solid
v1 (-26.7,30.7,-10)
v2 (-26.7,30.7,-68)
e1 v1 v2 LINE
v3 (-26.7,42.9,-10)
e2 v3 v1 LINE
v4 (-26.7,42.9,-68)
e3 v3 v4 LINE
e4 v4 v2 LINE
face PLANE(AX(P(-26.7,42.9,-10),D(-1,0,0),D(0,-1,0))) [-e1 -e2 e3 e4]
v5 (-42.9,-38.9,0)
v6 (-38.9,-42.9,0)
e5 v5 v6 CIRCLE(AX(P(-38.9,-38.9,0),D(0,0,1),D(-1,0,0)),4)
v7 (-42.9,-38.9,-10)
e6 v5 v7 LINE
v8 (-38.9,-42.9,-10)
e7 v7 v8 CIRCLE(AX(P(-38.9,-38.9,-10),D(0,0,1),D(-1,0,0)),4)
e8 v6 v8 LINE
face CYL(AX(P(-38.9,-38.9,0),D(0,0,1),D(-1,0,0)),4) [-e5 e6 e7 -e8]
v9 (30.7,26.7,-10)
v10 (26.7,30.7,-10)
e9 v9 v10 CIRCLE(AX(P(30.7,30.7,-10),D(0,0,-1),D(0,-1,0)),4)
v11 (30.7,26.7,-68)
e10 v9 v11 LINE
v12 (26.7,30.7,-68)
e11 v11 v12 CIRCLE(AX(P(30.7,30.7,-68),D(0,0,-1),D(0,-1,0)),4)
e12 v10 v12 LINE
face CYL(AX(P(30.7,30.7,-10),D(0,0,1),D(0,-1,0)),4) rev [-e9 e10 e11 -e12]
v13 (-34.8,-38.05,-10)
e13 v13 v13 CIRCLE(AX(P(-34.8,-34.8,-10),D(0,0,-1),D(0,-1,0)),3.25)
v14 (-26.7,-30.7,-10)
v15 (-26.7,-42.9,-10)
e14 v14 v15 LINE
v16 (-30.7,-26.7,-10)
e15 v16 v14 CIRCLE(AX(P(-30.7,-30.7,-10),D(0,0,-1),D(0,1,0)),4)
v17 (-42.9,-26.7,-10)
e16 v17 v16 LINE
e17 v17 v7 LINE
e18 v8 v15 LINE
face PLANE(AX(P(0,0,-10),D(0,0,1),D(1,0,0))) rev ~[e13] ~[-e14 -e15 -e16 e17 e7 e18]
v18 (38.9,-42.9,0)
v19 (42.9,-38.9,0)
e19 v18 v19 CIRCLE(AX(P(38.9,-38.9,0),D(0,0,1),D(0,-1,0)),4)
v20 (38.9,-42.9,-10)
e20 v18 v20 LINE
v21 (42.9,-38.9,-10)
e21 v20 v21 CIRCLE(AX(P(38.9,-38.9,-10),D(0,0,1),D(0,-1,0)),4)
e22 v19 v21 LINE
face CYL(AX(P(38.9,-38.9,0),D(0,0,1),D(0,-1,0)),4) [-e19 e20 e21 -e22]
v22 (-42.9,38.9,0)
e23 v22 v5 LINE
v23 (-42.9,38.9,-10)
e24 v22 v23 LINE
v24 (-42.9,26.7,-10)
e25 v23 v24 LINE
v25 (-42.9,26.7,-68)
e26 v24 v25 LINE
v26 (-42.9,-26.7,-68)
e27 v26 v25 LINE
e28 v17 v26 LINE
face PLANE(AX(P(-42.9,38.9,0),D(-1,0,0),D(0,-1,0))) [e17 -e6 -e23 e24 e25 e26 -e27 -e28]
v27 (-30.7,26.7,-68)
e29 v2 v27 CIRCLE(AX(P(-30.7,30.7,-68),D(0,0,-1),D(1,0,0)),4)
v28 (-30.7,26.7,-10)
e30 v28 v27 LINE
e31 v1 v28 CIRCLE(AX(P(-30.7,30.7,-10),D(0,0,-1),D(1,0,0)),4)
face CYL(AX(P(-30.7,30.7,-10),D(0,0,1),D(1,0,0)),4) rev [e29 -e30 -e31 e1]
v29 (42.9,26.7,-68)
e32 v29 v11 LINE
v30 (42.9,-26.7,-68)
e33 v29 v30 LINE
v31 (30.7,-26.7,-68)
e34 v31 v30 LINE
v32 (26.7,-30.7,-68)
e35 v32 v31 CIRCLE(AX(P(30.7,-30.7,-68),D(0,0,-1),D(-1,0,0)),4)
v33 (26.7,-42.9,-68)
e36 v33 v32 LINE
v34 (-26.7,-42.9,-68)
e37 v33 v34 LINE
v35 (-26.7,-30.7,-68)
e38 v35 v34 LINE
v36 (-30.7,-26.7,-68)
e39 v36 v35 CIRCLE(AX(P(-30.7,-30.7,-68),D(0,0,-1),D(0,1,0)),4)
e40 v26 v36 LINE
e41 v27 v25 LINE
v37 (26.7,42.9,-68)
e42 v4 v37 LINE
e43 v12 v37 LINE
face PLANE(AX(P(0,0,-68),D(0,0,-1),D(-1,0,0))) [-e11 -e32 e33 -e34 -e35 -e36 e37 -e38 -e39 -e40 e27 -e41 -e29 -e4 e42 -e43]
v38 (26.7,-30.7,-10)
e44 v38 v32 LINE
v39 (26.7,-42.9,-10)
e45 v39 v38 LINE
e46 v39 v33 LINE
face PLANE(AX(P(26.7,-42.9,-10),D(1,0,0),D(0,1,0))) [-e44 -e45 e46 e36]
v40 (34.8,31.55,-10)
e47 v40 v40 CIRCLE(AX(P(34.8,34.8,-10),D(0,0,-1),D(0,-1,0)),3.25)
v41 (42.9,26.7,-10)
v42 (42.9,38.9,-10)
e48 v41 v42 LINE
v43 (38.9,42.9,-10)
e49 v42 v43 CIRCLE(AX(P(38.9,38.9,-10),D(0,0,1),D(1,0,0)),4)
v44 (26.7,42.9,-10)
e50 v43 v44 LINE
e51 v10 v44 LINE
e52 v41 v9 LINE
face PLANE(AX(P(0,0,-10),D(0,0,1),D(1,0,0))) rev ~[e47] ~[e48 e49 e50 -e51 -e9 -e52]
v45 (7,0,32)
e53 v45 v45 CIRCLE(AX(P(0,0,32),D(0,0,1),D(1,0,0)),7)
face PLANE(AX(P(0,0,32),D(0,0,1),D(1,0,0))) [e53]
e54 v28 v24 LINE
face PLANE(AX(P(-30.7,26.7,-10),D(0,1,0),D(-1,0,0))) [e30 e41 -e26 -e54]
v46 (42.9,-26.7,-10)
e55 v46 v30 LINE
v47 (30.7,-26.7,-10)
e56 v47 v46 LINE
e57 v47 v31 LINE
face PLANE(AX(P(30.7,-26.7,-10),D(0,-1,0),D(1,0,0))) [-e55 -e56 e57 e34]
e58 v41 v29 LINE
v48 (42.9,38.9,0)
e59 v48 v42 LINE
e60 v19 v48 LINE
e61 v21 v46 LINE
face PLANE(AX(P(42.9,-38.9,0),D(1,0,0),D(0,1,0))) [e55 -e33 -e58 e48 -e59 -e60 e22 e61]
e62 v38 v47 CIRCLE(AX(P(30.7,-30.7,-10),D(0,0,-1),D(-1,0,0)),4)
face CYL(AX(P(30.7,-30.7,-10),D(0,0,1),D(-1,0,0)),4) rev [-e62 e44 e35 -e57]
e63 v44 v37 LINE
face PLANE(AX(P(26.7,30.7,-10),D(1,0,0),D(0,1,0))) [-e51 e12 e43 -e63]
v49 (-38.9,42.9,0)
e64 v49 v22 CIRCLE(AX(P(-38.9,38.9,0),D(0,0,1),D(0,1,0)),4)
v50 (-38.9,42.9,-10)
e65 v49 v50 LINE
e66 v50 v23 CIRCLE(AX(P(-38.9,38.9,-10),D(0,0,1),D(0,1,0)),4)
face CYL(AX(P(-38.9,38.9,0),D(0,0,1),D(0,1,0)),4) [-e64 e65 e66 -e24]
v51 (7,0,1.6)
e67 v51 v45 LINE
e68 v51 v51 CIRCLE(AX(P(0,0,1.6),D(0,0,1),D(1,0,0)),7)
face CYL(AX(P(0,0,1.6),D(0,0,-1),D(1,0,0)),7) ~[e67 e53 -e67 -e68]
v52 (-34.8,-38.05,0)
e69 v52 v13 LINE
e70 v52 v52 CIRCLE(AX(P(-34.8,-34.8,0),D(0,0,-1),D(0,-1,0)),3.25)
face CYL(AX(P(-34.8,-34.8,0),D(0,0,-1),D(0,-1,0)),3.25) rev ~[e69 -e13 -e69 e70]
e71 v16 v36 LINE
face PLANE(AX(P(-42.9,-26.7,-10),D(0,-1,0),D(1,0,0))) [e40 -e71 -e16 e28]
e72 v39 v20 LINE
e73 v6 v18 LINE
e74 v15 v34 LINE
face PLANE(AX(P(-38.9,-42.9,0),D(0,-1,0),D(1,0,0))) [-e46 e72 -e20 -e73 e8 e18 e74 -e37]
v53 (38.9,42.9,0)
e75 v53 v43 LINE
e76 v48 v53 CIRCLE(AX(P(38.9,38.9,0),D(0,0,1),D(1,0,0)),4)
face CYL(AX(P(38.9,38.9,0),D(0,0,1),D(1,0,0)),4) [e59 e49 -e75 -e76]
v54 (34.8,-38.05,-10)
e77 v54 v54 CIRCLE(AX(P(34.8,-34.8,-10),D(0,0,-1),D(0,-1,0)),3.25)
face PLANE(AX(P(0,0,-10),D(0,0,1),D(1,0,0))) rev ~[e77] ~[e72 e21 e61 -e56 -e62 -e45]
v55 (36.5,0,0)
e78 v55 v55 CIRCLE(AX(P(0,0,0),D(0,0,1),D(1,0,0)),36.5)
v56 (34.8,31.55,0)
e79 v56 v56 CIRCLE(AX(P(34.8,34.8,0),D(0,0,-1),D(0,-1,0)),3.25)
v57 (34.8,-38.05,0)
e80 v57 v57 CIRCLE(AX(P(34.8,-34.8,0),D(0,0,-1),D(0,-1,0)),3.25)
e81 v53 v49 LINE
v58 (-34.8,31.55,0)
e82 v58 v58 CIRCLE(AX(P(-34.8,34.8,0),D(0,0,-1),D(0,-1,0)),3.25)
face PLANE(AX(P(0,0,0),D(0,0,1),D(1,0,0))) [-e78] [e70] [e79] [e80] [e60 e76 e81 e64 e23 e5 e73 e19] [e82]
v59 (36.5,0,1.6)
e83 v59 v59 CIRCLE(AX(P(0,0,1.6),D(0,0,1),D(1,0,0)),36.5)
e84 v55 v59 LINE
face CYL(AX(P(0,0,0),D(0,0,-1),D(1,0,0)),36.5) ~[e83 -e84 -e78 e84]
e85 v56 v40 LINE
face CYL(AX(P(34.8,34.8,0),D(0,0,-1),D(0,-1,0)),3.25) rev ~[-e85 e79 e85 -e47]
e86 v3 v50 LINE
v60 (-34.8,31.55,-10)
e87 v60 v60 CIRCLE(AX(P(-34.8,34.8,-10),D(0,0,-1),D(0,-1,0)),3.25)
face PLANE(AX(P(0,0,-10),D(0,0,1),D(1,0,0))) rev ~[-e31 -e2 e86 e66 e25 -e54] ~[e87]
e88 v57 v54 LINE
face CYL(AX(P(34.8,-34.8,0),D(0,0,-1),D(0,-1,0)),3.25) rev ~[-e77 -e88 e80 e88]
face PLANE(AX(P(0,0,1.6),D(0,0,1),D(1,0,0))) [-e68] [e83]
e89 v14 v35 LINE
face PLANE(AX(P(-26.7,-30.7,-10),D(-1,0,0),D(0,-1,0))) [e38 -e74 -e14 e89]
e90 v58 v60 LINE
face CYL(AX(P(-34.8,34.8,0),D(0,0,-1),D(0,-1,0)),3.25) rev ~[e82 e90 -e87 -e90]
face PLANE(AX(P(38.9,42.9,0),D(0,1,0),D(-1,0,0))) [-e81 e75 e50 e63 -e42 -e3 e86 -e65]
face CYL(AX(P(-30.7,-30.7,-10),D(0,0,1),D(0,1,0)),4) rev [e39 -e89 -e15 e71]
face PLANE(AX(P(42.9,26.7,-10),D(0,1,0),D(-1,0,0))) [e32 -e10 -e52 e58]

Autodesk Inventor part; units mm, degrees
ref_plane "YZ Plane" through (0, 0, 0) normal (1, 0, 0) x (0, 1, 0)
ref_plane "XZ Plane" through (0, 0, 0) normal (0, 1, 0) x (-1, 0, 0)
ref_plane "XY Plane" through (0, 0, 0) normal (0, 0, 1) x (1, 0, 0)
sketch "Skizze1" plane through (0, 0, 0) normal (0, 0, 1) x (1, 0, 0)
  line L0 (-38.9, -42.9) -> (38.9, -42.9)
  line L1 (42.9, -38.9) -> (42.9, 38.9)
  line L2 (38.9, 42.9) -> (-38.9, 42.9)
  line L3 (-42.9, 38.9) -> (-42.9, -38.9)
  line L4 (-42.9, -42.9) -> (42.9, 42.9) construction
  line L5 (42.9, -42.9) -> (-42.9, 42.9) construction
  arc A0 (42.9, 38.9) -> (38.9, 42.9) centre (38.9, 38.9) ccw
  arc A1 (38.9, -42.9) -> (42.9, -38.9) centre (38.9, -38.9) ccw
  arc A2 (-42.9, -38.9) -> (-38.9, -42.9) centre (-38.9, -38.9) ccw
  arc A3 (-38.9, 42.9) -> (-42.9, 38.9) centre (-38.9, 38.9) ccw
  point P0 (0, 0)
  dimension "d0" = 4
  dimension "d1" = 85.8
extrude "Extrusion1" add sketch "Skizze1" against normal blind 10
sketch "Skizze2" plane through (0, 0, 0) normal (0, 0, 1) x (1, 0, 0)
  circle A0 centre (0, 0) radius 36.5
  dimension "d4" = 73
extrude "Extrusion2" add sketch "Skizze2" along normal blind 1.6
sketch "Skizze3" plane through (0, 0, -10) normal (0, 0, -1) x (-1, 0, 0)
  line L0 (-42.9, 38.9) -> (-42.9, -38.9) projected
  arc A0 (-42.9, -38.9) -> (-38.9, -42.9) centre (-38.9, -38.9) ccw projected
  line L1 (-38.9, -42.9) -> (38.9, -42.9) projected
  arc A1 (38.9, -42.9) -> (42.9, -38.9) centre (38.9, -38.9) ccw projected
  line L2 (42.9, -38.9) -> (42.9, 38.9) projected
  arc A2 (42.9, 38.9) -> (38.9, 42.9) centre (38.9, 38.9) ccw projected
  line L3 (38.9, 42.9) -> (-38.9, 42.9) projected
  arc A3 (-38.9, 42.9) -> (-42.9, 38.9) centre (-38.9, 38.9) ccw projected
  line L4 (42.9, -26.7) -> (30.7, -26.7)
  line L5 (26.7, -30.7) -> (26.7, -42.9)
  arc A4 (30.7, -26.7) -> (26.7, -30.7) centre (30.7, -30.7) ccw
  line L6 (38.9, -38.9) -> (-38.9, 38.9) construction
  circle A5 centre (34.8, -34.8) radius 8.1 construction
  line L7 (38.9, 38.9) -> (-38.9, -38.9) construction
  line L8 (34.8, -34.8) -> (-34.8, -34.8) construction
  line L9 (42.9, -38.9) -> (42.9, 38.9) projected
  line L10 (42.9, -26.7) -> (42.9, -38.9)
  line L11 (-38.9, -42.9) -> (38.9, -42.9) projected
  line L12 (26.7, -42.9) -> (38.9, -42.9)
  arc A6 (38.9, -42.9) -> (42.9, -38.9) centre (38.9, -38.9) ccw
  arc A7 (42.9, 38.9) -> (38.9, 42.9) centre (38.9, 38.9) ccw
  line L13 (42.9, 26.7) -> (42.9, 38.9)
  line L14 (30.7, 26.7) -> (42.9, 26.7)
  arc A8 (26.7, 30.7) -> (30.7, 26.7) centre (30.7, 30.7) ccw
  line L15 (26.7, 42.9) -> (26.7, 30.7)
  line L16 (26.7, 42.9) -> (38.9, 42.9)
  arc A9 (-38.9, 42.9) -> (-42.9, 38.9) centre (-38.9, 38.9) ccw
  line L17 (-26.7, 42.9) -> (-38.9, 42.9)
  line L18 (-26.7, 30.7) -> (-26.7, 42.9)
  arc A10 (-30.7, 26.7) -> (-26.7, 30.7) centre (-30.7, 30.7) ccw
  line L19 (-42.9, 26.7) -> (-30.7, 26.7)
  line L20 (-42.9, 26.7) -> (-42.9, 38.9)
  arc A11 (-42.9, -38.9) -> (-38.9, -42.9) centre (-38.9, -38.9) ccw
  line L21 (-42.9, -26.7) -> (-42.9, -38.9)
  line L22 (-30.7, -26.7) -> (-42.9, -26.7)
  arc A12 (-26.7, -30.7) -> (-30.7, -26.7) centre (-30.7, -30.7) ccw
  line L23 (-26.7, -42.9) -> (-26.7, -30.7)
  line L24 (-26.7, -42.9) -> (-38.9, -42.9)
  point P0 (0, 0)
  dimension "d7" = 4
  dimension "d8" = 69.6
  dimension "d11" = 360
extrude "Extrusion3" add sketch "Skizze3" along normal blind 58 contours L19 A10 L18 L3 L15 A8 L14 L2 L4 A4 L5 L1 L23 A12 L22 L0
sketch "Skizze4" plane through (0, 0, 0) normal (0, 0, 1) x (1, 0, 0)
  circle A0 centre (0, 0) radius 36.5 projected
  line L0 (42.9, 38.9) -> (42.9, -38.9) projected
  arc A1 (42.9, 38.9) -> (38.9, 42.9) centre (38.9, 38.9) ccw projected
  line L1 (-38.9, 42.9) -> (38.9, 42.9) projected
  arc A2 (-38.9, 42.9) -> (-42.9, 38.9) centre (-38.9, 38.9) ccw projected
  line L2 (-42.9, -38.9) -> (-42.9, 38.9) projected
  arc A3 (-42.9, -38.9) -> (-38.9, -42.9) centre (-38.9, -38.9) ccw projected
  line L3 (38.9, -42.9) -> (-38.9, -42.9) projected
  arc A4 (38.9, -42.9) -> (42.9, -38.9) centre (38.9, -38.9) ccw projected
  line L4 (38.9, -38.9) -> (-38.9, 38.9) construction
  line L5 (-34.8, 34.8) -> (34.8, 34.8) construction
  line L6 (34.8, 34.8) -> (34.8, -34.8) construction
  line L7 (34.8, -34.8) -> (-34.8, -34.8) construction
  line L8 (-34.8, -34.8) -> (-34.8, 34.8) construction
  line L9 (-34.8, 34.8) -> (34.8, -34.8) construction
  line L10 (34.8, 34.8) -> (-34.8, -34.8) construction
  dimension "d15" = 69.6
hole "Bohrung1" at (34.8, 34.8, 0) at (-34.8, 34.8, 0) at (-34.8, -34.8, 0) at (34.8, -34.8, 0) direction (0, 0, -1) diameter 6.5 end through all
sketch "Skizze5" plane through (0, 0, 1.6) normal (0, 0, 1) x (1, 0, 0)
  circle A0 centre (0, 0) radius 7
  dimension "d23" = 14
extrude "Extrusion4" add sketch "Skizze5" along normal blind 30.4
properties part number "Nema34"
